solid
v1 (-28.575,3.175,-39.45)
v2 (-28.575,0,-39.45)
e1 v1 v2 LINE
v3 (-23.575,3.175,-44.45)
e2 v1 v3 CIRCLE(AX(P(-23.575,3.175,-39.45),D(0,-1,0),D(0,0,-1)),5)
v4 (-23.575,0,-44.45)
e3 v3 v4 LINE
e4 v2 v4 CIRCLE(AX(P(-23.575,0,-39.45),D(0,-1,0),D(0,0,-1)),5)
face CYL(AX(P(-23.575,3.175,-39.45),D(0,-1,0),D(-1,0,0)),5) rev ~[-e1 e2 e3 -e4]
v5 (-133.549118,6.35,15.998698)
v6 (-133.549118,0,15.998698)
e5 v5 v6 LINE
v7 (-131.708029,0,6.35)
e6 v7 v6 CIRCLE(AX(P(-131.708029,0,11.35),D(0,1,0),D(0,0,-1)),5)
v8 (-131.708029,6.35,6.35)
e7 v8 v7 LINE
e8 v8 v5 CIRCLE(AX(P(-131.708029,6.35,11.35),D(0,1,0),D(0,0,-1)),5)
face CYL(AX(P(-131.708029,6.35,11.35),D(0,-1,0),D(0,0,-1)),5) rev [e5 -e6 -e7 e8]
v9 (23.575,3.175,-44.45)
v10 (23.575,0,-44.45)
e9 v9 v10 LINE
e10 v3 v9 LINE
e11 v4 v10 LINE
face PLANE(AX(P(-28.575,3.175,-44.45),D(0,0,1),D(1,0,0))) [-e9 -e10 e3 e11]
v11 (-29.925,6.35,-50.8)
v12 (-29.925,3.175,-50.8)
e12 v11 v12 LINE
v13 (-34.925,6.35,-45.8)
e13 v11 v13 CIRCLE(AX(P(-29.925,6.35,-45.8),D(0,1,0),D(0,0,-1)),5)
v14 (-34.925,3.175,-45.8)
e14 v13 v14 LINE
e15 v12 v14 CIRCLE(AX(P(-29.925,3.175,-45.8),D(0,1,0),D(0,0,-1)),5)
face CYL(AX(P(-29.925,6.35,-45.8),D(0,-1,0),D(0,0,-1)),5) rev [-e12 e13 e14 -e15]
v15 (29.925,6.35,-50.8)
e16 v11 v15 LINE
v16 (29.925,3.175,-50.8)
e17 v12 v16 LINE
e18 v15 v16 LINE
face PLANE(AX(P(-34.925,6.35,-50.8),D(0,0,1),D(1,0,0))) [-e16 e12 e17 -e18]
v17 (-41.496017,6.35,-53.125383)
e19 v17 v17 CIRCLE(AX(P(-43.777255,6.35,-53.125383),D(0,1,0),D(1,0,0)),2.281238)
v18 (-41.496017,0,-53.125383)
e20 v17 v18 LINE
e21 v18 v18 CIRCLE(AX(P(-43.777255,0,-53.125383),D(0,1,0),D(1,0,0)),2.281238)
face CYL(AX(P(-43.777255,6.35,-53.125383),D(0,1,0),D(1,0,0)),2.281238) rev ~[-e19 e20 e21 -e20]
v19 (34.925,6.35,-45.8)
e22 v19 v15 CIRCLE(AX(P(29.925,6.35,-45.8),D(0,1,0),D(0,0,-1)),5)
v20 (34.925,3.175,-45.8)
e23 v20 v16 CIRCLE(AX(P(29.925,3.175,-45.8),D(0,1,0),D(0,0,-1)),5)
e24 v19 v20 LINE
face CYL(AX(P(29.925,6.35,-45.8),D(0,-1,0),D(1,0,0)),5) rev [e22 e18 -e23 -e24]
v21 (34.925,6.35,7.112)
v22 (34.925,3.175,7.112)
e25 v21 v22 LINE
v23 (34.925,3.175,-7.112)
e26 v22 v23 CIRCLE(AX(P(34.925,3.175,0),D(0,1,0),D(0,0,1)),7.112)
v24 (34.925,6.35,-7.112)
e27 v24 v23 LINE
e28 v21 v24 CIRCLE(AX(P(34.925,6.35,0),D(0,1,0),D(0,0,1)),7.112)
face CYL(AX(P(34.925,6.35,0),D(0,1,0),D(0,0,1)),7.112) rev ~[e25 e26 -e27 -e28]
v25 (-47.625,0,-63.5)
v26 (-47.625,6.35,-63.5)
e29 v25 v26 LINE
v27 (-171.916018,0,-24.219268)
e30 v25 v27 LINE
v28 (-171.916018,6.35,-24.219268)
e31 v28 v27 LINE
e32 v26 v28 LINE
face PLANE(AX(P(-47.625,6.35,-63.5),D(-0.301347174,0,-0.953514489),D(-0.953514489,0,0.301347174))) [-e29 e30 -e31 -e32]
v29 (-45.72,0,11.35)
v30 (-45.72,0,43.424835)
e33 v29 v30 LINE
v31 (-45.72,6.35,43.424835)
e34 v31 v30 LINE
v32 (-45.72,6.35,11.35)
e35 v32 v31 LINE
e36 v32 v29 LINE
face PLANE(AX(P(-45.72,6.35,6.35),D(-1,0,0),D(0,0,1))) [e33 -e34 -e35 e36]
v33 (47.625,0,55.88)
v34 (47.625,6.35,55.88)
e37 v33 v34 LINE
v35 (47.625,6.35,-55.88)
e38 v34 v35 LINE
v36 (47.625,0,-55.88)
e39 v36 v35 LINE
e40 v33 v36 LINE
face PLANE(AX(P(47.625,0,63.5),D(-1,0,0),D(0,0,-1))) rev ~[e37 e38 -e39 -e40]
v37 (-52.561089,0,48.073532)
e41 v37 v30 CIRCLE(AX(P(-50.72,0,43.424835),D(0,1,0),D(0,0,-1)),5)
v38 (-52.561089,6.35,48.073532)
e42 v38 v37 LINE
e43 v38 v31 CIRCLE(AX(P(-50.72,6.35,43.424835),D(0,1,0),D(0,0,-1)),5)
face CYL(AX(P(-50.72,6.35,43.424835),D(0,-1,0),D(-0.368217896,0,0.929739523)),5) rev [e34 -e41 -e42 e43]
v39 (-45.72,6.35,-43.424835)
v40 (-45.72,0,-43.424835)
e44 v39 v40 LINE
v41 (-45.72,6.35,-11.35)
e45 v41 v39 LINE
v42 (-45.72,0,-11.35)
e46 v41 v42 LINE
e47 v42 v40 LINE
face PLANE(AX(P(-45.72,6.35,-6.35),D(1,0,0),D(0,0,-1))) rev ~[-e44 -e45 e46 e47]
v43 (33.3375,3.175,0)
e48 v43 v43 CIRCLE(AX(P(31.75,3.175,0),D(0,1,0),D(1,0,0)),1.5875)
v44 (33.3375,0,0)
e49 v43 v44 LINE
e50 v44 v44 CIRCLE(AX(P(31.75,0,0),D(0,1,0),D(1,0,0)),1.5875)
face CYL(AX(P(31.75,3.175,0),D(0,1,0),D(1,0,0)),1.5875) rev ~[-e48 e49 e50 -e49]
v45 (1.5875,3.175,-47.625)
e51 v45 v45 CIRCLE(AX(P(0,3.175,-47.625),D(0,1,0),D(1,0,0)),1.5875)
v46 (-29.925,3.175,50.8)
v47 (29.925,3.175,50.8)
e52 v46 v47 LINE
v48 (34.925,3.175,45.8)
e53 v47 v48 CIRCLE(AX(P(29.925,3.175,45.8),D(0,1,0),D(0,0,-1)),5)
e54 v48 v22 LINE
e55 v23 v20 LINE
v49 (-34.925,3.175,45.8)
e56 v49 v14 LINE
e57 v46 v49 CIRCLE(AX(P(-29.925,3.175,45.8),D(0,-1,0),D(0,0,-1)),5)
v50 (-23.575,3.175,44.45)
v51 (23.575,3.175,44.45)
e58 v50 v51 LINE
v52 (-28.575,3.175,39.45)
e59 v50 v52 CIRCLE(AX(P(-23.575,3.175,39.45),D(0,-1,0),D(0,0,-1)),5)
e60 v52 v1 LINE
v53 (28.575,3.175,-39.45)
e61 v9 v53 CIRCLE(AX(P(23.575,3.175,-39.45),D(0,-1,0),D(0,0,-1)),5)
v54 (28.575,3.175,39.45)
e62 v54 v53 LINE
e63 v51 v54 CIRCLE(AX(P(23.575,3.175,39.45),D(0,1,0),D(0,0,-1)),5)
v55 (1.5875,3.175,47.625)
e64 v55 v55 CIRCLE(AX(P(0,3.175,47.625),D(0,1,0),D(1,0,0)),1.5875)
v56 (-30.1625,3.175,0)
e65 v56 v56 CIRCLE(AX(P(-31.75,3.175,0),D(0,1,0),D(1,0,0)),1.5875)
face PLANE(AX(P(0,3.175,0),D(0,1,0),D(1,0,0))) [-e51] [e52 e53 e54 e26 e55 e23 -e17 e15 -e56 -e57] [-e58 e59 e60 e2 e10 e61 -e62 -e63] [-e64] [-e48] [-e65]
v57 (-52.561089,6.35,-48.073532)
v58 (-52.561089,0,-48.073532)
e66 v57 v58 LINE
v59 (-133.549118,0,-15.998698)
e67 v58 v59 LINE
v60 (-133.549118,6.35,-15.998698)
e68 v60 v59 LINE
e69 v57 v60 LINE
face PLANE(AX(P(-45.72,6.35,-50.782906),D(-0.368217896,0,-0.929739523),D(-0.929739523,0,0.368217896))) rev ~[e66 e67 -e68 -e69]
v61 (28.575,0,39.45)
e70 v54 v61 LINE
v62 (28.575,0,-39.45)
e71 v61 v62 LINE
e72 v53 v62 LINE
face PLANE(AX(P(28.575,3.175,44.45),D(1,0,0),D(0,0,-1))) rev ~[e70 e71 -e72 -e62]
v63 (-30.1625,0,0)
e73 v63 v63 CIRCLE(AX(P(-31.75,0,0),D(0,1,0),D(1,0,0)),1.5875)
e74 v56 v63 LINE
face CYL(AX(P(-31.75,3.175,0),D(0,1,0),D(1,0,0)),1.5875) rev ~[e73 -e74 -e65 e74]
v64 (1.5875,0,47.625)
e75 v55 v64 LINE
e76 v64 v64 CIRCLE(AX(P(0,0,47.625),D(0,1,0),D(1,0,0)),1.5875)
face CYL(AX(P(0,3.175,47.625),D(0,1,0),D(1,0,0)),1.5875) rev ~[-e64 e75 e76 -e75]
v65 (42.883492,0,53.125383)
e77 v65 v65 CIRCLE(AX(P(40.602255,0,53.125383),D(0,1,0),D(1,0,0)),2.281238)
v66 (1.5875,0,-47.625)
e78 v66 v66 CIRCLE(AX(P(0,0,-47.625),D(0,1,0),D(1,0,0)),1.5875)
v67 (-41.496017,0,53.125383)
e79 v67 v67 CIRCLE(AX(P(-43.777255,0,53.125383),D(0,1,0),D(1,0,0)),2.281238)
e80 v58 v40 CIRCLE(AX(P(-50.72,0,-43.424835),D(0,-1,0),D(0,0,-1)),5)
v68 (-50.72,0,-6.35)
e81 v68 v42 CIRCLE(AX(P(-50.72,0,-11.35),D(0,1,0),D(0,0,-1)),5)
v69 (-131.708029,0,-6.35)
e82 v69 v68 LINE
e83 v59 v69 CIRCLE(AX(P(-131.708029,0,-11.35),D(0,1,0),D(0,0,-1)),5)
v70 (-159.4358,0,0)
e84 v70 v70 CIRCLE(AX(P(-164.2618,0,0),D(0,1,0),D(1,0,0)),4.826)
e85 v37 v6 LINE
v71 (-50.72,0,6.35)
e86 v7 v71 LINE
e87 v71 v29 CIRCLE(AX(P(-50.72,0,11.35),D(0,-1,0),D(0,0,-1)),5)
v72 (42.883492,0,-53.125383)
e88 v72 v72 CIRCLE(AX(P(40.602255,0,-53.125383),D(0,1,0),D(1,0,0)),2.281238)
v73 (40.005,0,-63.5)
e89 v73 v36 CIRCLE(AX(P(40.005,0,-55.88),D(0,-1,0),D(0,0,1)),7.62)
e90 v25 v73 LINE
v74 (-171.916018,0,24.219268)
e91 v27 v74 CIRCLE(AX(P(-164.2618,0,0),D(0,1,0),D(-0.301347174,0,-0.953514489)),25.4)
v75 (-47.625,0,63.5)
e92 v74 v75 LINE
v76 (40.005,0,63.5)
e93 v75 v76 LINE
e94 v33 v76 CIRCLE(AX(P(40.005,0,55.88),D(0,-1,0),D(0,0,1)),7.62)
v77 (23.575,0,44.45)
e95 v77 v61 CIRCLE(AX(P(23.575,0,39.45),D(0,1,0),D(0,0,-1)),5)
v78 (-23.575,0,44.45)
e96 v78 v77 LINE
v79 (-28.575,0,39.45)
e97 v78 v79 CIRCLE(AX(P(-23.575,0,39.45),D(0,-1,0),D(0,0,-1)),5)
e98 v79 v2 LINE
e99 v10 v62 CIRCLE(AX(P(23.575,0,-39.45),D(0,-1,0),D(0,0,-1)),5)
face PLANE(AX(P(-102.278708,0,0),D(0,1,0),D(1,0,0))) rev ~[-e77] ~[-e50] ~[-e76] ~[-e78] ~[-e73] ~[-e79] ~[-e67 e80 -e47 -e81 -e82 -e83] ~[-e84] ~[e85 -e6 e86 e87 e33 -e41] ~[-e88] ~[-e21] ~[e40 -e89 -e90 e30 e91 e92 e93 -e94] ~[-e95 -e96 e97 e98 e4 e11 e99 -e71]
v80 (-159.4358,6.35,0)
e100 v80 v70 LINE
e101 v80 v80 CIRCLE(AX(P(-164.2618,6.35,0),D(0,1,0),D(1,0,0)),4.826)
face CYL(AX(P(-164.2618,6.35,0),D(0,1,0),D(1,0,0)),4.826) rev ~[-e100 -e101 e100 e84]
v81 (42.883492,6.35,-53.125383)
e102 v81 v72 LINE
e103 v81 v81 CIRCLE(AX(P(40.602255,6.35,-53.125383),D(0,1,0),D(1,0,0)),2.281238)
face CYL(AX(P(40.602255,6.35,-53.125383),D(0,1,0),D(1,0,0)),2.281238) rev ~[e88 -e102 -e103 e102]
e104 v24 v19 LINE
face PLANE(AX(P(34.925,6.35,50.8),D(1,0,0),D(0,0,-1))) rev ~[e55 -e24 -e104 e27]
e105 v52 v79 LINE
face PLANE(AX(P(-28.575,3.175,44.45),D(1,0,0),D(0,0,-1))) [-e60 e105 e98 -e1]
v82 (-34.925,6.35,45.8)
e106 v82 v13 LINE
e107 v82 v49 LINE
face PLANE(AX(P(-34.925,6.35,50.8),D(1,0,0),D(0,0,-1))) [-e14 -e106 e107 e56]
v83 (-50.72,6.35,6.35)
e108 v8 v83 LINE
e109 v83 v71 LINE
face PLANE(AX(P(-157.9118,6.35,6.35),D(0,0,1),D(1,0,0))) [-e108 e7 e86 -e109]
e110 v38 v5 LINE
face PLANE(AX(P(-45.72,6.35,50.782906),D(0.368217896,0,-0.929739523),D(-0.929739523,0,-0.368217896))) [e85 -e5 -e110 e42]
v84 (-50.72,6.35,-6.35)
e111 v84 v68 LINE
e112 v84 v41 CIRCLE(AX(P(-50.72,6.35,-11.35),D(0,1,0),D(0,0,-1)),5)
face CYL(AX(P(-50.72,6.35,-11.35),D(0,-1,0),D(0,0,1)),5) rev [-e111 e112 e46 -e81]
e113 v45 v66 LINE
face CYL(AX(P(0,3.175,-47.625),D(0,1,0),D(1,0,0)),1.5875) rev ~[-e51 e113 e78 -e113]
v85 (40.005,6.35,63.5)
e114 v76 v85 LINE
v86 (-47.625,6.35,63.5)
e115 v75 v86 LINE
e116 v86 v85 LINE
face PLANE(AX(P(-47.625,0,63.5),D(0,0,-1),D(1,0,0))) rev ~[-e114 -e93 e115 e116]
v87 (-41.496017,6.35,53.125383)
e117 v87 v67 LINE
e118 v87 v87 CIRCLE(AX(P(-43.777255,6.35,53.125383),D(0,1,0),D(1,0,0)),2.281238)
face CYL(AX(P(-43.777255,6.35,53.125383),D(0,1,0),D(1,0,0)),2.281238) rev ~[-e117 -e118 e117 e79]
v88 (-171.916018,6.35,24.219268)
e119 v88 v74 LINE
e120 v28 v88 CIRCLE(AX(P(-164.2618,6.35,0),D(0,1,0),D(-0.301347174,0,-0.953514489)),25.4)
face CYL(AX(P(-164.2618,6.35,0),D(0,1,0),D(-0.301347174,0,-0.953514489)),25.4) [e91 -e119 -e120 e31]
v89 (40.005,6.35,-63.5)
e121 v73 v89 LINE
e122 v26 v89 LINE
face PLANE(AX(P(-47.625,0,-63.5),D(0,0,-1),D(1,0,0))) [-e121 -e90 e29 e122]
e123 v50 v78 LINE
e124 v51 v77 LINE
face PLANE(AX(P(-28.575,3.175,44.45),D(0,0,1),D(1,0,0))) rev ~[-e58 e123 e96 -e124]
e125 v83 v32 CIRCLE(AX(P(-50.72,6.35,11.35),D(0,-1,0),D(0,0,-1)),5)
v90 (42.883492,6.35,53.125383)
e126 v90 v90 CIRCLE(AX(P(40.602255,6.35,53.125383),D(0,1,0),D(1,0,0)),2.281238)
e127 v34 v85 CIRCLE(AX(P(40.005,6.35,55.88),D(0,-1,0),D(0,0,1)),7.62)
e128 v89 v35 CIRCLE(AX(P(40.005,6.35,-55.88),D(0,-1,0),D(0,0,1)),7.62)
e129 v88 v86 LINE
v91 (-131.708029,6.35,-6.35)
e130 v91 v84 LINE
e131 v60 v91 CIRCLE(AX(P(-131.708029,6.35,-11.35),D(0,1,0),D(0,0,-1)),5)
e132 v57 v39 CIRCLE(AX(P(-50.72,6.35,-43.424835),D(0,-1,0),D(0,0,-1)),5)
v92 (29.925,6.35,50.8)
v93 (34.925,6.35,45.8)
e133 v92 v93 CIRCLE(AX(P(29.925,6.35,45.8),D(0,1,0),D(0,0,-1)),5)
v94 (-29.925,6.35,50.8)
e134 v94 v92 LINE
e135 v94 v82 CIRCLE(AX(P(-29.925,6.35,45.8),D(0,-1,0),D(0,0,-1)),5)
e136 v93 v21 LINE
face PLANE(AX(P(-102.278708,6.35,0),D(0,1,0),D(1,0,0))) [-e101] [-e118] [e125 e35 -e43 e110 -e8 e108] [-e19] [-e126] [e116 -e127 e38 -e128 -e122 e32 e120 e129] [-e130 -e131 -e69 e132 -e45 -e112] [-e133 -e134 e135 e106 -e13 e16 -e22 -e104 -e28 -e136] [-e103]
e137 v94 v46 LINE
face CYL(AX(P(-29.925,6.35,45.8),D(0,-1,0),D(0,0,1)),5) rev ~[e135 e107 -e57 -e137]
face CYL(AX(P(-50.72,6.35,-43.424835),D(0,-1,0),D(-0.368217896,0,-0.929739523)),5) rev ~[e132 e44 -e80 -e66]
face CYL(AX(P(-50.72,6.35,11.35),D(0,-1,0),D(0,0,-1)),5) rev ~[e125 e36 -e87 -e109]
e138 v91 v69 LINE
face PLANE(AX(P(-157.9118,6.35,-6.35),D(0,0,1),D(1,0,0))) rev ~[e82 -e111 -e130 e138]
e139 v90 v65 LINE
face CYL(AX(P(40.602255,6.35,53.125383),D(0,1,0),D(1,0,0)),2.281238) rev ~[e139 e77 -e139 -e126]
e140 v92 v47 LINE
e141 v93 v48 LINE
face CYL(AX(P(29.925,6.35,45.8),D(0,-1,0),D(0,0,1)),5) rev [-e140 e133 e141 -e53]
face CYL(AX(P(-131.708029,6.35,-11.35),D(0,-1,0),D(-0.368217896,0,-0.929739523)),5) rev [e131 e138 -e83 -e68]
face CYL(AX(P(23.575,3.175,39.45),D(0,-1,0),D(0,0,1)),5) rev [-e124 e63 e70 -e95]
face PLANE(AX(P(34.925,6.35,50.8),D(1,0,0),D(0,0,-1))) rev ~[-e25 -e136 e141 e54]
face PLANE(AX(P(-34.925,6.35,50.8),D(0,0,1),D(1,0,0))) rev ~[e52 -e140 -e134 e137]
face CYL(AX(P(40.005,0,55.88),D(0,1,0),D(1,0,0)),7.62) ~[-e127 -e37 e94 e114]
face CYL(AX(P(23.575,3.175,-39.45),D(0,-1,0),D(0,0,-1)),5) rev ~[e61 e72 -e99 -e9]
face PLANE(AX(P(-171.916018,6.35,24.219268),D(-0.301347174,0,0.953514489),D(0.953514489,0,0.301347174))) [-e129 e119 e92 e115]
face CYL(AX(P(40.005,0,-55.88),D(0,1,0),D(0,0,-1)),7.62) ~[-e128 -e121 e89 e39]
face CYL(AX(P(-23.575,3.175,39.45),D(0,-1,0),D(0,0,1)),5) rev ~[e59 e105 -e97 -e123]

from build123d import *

# Parameters (mm, degrees)
SKETCH1_W           = 95.25
SKETCH1_H           = 127
BOSS_EXTRUDE1_DEPTH = 6.35
BOSS_EXTRUDE3_DEPTH = 6.35
SKETCH5_R           = 4.826
CUT_EXTRUDE1_DEPTH  = 7.35
CUT_EXTRUDE2_DEPTH  = 7.35
FILLET9_R           = 5
SKETCH7_R           = 5.453804141
BOSS_EXTRUDE4_DEPTH = 6.35
SKETCH8_W           = 69.85
SKETCH8_H           = 101.6
CUT_EXTRUDE3_DEPTH  = 3.175
SKETCH9_W           = 57.15
SKETCH9_H           = 88.9
CUT_EXTRUDE4_DEPTH  = 4.175
SKETCH11_R          = 1.5875
CUT_EXTRUDE6_DEPTH  = 4.175
CUT_EXTRUDE7_DEPTH  = 3.175
FILLET10_R          = 5
FILLET11_R          = 5
FILLET12_R          = 7.62
SKETCH13_R          = 2.2812375
CUT_EXTRUDE8_DEPTH  = 7.35


with BuildPart() as part:
    # Sketch1 → Boss-Extrude1 (new body)
    with BuildSketch(Plane(origin=(0, 0, 0), x_dir=(1, 0, 0), z_dir=(0, 1, 0))):
        Rectangle(SKETCH1_W, SKETCH1_H)
    extrude(amount=BOSS_EXTRUDE1_DEPTH)

    # Sketch4 → Boss-Extrude3 (add)
    with BuildSketch(Plane(origin=(0, 6.35, 0), x_dir=(1, 0, 0), z_dir=(0, 1, 0))):
        with BuildLine():
            Line((-47.625, 63.5), (-171.916018217, 24.219268021))
            ThreePointArc((-171.916018217, 24.219268021), (-189.6618, 0), (-171.916018217, -24.219268021))
            Line((-171.916018217, -24.219268021), (-47.625, -63.5))
            Line((-47.625, -63.5), (-47.625, 63.5))
        make_face()
    extrude(amount=-BOSS_EXTRUDE3_DEPTH)

    # Sketch5 → Cut-Extrude1 (cut, through all)
    with BuildSketch(Plane(origin=(0, 6.35, 0), x_dir=(1, 0, 0), z_dir=(0, 1, 0))):
        with Locations((-164.2618, 0)):
            Circle(SKETCH5_R)
        with Locations((-8.6868, 0)):
            Circle(SKETCH5_R)
    extrude(amount=-CUT_EXTRUDE1_DEPTH, mode=Mode.SUBTRACT)

    # Sketch6 → Cut-Extrude2 (cut, through all)
    with BuildSketch(Plane(origin=(0, 6.35, 0), x_dir=(1, 0, 0), z_dir=(0, 1, 0))):
        Polygon((-45.72, 50.782905742), (-157.9118, 6.35), (-45.72, 6.35), align=None)
        Polygon((-45.72, -6.35), (-45.72, -50.782905742), (-157.9118, -6.35), align=None)
    extrude(amount=-CUT_EXTRUDE2_DEPTH, mode=Mode.SUBTRACT)

    # Fillet9
    fillet9_edges = [part.edges().sort_by_distance(p)[0] for p in [
        (-45.72, 3.175, -50.782905742),
        (-45.72, 3.175, -6.35),
        (-157.9118, 3.175, -6.35),
        (-157.9118, 3.175, 6.35),
        (-45.72, 3.175, 6.35),
        (-45.72, 3.175, 50.782905742),
    ]]
    fillet(fillet9_edges, radius=FILLET9_R)

    # Sketch7 → Boss-Extrude4 (add)
    with BuildSketch(Plane(origin=(0, 6.35, 0), x_dir=(1, 0, 0), z_dir=(0, 1, 0))):
        with Locations((-8.6868, 0)):
            Circle(SKETCH7_R)
    extrude(amount=-BOSS_EXTRUDE4_DEPTH)

    # Sketch8 → Cut-Extrude3 (cut)
    with BuildSketch(Plane(origin=(0, 6.35, 0), x_dir=(1, 0, 0), z_dir=(0, 1, 0))):
        Rectangle(SKETCH8_W, SKETCH8_H)
    extrude(amount=-CUT_EXTRUDE3_DEPTH, mode=Mode.SUBTRACT)

    # Sketch9 → Cut-Extrude4 (cut, through all)
    with BuildSketch(Plane(origin=(0, 3.175, 0), x_dir=(1, 0, 0), z_dir=(0, 1, 0))):
        Rectangle(SKETCH9_W, SKETCH9_H)
    extrude(amount=-CUT_EXTRUDE4_DEPTH, mode=Mode.SUBTRACT)

    # Sketch11 → Cut-Extrude6 (cut, through all)
    with BuildSketch(Plane(origin=(0, 3.175, 0), x_dir=(1, 0, 0), z_dir=(0, 1, 0))):
        with Locations((-31.75, 0)):
            Circle(SKETCH11_R)
        with Locations((31.75, 0)):
            Circle(SKETCH11_R)
        with Locations((0, 47.625)):
            Circle(SKETCH11_R)
        with Locations((0, -47.625)):
            Circle(SKETCH11_R)
    extrude(amount=-CUT_EXTRUDE6_DEPTH, mode=Mode.SUBTRACT)

    # Sketch12 → Cut-Extrude7 (cut)
    with BuildSketch(Plane(origin=(0, 6.35, 0), x_dir=(1, 0, 0), z_dir=(0, 1, 0))):
        with BuildLine():
            Line((34.925, 7.112), (34.925, -7.112))
            ThreePointArc((34.925, -7.112), (42.037, 0), (34.925, 7.112))
        make_face()
    extrude(amount=-CUT_EXTRUDE7_DEPTH, mode=Mode.SUBTRACT)

    # Fillet10
    fillet10_edges = [part.edges().sort_by_distance(p)[0] for p in [
        (-34.925, 4.7625, -50.8),
        (34.925, 4.7625, -50.8),
        (34.925, 4.7625, 50.8),
        (-34.925, 4.7625, 50.8),
    ]]
    fillet(fillet10_edges, radius=FILLET10_R)

    # Fillet11
    fillet11_edges = [part.edges().sort_by_distance(p)[0] for p in [
        (-28.575, 1.5875, 44.45),
        (-28.575, 1.5875, -44.45),
        (28.575, 1.5875, -44.45),
        (28.575, 1.5875, 44.45),
    ]]
    fillet(fillet11_edges, radius=FILLET11_R)

    # Fillet12
    fillet12_edges = [part.edges().sort_by_distance(p)[0] for p in [
        (47.625, 3.175, 63.5),
        (47.625, 3.175, -63.5),
    ]]
    fillet(fillet12_edges, radius=FILLET12_R)

    # Sketch13 → Cut-Extrude8 (cut, through all)
    with BuildSketch(Plane(origin=(0, 6.35, 0), x_dir=(1, 0, 0), z_dir=(0, 1, 0))):
        with Locations((-43.777254611, 53.125383493)):
            Circle(SKETCH13_R)
        with Locations((-43.777254611, -53.125383493)):
            Circle(SKETCH13_R)
        with Locations((40.602254611, -53.125383493)):
            Circle(SKETCH13_R)
        with Locations((40.602254611, 53.125383493)):
            Circle(SKETCH13_R)
    extrude(amount=-CUT_EXTRUDE8_DEPTH, mode=Mode.SUBTRACT)


solid = part.part
